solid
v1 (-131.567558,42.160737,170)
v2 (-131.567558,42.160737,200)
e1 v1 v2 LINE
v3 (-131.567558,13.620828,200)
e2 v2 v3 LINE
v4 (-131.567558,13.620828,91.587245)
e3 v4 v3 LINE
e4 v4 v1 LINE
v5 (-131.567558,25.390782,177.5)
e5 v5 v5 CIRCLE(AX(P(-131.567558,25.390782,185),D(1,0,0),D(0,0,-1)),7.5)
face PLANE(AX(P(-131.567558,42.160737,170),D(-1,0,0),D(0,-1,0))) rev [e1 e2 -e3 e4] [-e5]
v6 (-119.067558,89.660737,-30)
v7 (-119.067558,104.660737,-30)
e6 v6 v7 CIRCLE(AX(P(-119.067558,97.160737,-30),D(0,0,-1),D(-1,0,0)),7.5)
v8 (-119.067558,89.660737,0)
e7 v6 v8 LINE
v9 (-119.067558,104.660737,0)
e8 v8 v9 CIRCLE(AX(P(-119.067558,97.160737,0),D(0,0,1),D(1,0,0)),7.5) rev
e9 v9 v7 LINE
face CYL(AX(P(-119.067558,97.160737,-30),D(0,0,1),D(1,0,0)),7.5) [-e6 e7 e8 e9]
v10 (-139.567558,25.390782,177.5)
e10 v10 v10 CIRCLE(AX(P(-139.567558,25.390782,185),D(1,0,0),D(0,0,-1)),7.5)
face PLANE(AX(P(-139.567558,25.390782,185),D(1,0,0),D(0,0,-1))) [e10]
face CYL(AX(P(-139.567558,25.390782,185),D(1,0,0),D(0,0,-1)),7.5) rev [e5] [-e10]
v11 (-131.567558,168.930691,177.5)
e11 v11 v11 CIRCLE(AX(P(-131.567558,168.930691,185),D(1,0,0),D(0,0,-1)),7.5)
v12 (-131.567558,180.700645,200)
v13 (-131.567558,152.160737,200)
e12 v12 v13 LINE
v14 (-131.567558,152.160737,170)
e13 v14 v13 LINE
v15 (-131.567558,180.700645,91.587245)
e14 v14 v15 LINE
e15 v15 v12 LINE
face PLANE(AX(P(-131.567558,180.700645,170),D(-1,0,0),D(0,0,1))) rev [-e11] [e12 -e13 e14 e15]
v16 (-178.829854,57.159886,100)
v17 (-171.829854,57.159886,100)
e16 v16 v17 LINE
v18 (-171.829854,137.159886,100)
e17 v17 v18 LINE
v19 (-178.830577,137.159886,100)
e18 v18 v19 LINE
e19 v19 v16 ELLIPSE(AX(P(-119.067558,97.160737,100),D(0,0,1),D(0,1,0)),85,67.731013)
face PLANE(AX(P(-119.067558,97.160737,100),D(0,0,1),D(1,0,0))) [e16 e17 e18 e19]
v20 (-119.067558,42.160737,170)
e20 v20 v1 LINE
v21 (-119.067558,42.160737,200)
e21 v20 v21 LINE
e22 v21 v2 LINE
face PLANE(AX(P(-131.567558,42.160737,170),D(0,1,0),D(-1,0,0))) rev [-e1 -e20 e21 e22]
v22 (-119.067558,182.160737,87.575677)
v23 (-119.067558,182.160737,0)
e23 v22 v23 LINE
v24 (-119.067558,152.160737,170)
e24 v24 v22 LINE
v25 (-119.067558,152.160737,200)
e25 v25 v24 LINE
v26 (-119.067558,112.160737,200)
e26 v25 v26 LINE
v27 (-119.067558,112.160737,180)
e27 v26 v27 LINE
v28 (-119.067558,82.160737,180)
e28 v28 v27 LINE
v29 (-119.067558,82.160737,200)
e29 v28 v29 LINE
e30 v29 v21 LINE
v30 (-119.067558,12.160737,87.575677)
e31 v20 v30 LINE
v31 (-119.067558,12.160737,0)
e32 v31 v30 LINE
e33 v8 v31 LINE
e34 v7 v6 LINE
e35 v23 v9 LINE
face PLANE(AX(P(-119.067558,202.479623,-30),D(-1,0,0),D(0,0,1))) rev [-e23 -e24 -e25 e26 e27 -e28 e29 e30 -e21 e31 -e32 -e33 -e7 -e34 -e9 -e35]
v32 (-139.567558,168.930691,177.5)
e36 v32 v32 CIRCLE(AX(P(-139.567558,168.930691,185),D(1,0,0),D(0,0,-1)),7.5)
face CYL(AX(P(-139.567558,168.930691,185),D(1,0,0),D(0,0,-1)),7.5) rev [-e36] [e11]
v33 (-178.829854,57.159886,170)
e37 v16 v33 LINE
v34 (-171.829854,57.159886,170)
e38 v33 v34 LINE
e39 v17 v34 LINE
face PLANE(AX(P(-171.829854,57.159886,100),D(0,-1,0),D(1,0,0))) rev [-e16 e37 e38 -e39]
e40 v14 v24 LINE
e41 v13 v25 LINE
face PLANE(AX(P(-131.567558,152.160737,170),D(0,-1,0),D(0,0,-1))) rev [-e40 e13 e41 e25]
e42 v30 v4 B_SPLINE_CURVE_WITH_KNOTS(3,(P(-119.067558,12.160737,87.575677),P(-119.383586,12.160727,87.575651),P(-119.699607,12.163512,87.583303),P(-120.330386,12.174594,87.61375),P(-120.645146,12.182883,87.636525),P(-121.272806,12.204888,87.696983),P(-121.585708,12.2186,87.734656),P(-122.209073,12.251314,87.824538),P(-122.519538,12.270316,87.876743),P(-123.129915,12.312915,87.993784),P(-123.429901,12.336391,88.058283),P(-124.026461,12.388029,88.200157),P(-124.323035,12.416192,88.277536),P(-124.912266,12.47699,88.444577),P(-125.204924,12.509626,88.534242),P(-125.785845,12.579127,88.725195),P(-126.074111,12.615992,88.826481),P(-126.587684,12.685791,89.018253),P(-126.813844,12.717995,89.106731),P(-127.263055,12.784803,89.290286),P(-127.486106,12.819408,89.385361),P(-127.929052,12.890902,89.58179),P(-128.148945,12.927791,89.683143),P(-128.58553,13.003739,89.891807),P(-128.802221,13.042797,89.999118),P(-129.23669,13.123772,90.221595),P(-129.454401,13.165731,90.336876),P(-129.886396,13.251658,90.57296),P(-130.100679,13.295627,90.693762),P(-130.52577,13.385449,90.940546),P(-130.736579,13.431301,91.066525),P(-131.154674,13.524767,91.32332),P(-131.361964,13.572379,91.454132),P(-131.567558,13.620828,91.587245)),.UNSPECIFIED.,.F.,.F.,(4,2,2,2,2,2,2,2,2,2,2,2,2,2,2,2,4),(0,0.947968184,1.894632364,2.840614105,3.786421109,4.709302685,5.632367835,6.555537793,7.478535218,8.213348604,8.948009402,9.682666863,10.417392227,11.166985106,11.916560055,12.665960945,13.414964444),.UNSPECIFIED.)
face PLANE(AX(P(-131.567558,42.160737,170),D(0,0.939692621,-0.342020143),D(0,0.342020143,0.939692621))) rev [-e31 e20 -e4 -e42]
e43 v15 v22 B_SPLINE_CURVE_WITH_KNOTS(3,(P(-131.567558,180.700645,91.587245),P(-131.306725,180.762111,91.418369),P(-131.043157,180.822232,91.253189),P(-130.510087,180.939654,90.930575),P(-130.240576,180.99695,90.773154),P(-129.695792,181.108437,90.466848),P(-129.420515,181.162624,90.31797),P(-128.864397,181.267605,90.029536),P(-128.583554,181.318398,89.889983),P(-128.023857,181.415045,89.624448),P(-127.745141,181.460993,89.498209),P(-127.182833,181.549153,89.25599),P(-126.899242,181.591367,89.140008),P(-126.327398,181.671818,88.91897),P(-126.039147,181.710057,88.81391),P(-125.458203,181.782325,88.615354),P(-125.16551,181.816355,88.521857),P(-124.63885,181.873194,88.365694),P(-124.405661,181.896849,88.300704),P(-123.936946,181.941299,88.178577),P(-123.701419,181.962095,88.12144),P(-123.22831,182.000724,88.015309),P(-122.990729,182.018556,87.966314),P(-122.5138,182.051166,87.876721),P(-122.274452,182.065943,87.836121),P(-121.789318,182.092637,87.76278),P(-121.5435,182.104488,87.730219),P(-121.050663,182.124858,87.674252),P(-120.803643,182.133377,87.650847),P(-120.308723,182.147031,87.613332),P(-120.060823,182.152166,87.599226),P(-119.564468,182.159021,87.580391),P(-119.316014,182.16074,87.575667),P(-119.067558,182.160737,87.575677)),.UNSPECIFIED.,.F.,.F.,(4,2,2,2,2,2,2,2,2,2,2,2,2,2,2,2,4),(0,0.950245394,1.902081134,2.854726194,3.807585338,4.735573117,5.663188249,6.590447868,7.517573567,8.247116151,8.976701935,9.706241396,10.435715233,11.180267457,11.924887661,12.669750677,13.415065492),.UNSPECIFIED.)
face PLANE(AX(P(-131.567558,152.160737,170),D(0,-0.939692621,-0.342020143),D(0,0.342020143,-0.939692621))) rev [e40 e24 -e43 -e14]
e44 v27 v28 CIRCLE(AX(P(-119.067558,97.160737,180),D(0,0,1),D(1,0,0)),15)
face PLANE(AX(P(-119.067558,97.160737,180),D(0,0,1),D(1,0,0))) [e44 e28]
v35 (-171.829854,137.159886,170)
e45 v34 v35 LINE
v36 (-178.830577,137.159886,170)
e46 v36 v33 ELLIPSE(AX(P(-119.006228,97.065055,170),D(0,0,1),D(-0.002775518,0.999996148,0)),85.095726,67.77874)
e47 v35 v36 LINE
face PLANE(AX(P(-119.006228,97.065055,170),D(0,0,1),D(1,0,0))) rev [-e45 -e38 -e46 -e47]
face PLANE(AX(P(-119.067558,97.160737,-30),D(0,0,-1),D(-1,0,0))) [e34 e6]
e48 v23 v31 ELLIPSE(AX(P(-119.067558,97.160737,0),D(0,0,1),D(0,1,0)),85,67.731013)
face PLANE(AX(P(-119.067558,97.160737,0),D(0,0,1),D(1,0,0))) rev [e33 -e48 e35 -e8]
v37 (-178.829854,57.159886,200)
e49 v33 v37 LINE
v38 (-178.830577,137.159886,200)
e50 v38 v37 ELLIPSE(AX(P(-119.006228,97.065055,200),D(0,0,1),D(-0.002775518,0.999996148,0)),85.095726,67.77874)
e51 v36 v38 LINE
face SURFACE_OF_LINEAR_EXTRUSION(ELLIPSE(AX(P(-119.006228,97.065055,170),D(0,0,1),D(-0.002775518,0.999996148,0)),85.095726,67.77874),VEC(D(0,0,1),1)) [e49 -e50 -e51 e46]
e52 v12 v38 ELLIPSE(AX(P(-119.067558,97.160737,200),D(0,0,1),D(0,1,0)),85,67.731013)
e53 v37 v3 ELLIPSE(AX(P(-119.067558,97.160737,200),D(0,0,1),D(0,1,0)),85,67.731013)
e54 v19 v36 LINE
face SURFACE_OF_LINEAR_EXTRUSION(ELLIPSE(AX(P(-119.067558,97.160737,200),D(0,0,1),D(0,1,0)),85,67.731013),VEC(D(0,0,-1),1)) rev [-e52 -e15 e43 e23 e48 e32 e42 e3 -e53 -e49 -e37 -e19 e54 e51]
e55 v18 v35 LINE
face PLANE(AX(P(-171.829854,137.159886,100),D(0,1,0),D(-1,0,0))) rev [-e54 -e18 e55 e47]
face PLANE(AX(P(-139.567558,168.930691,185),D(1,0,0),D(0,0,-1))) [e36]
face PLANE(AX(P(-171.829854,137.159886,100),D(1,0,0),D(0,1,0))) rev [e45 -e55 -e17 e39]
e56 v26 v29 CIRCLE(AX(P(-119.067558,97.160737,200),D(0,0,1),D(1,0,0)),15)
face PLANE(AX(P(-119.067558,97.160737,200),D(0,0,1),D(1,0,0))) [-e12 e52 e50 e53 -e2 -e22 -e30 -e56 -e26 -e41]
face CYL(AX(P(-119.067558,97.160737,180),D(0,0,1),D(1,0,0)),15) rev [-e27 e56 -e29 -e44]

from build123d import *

# Parameters (mm, degrees)
CROQUIS1_RX             = 85
CROQUIS1_RY             = 67.73101263
SALIENTE_EXTRUIR1_DEPTH = 200
CORTAR_EXTRUIR1_DEPTH   = 100
SALIENTE_EXTRUIR2_DEPTH = 30
CROQUIS5_R              = 7.5
SALIENTE_EXTRUIR3_DEPTH = 30
CORTAR_EXTRUIR3_DEPTH   = 30
CROQUIS8_W              = 83.299216536
CROQUIS8_H              = 210.979163193
CORTAR_EXTRUIR4_DEPTH   = 348.816388214
CROQUIS9_R              = 15
CORTAR_EXTRUIR5_DEPTH   = 20
CROQUIS10_R             = 7.5
CORTAR_EXTRUIR6_DEPTH   = 8
CORTAR_EXTRUIR7_DEPTH   = 12.5


with BuildPart() as part:
    # Croquis1 → Saliente-Extruir1 (new body)
    with BuildSketch(Plane.XY):
        with Locations(Location((-119.067557665, 97.160736636), (0, 0, 90))):
            Ellipse(CROQUIS1_RX, CROQUIS1_RY)
    extrude(amount=SALIENTE_EXTRUIR1_DEPTH)

    # Croquis3 → Cortar-Extruir1 (cut)
    with BuildSketch(Plane.XY.offset(200)):
        with BuildLine():
            Line((-171.829854236, 137.159885706), (-171.829854236, 57.159885706))
            Line((-171.829854236, 57.159885706), (-178.829854236, 57.159885706))
            add(Edge.make_bspline(
                [(-178.830577491, 137.159885706), (-195.829371976, 97.159643663), (-178.829854236, 57.159885706)],
                knots=[1.080850346, 1.080850346, 1.080850346, 2.060764999, 2.060764999, 2.060764999], degree=2, weights=[1, 0.882352941, 1]))
            Line((-178.830577491, 137.159885706), (-171.829854236, 137.159885706))
        make_face()
    extrude(amount=-CORTAR_EXTRUIR1_DEPTH, mode=Mode.SUBTRACT)

    # Croquis4 → Saliente-Extruir2 (add)
    with BuildSketch(Plane.XY.offset(200)):
        with BuildLine():
            Line((-178.830577491, 137.159885706), (-171.829854236, 137.159885706))
            Line((-171.829854236, 137.159885706), (-171.829854236, 57.159885706))
            Line((-171.829854236, 57.159885706), (-178.829854236, 57.159885706))
            add(Edge.make_bspline(
                [(-178.830577491, 137.159885706), (-195.797797403, 97.186782087), (-178.829854236, 57.159885706)],
                knots=[4.219557052, 4.219557052, 4.219557052, 5.198274326, 5.198274326, 5.198274326], degree=2, weights=[1, 0.882634519, 1]))
        make_face()
    extrude(amount=-SALIENTE_EXTRUIR2_DEPTH)

    # Croquis5 → Saliente-Extruir3 (add)
    with BuildSketch(Plane(origin=(0, 0, 0), x_dir=(-1, 0, 0), z_dir=(0, 0, -1))):
        with Locations(Location((119.067557665, 97.160736636, 0), (0, 0, 180))):
            Circle(CROQUIS5_R)
    extrude(amount=SALIENTE_EXTRUIR3_DEPTH)

    # Croquis7 → Cortar-Extruir3 (cut)
    with BuildSketch(Plane.XY.offset(200)):
        with BuildLine():
            Line((-131.567557665, 42.160736636), (-106.567557665, 42.160736636))
            Line((-106.567557665, 42.160736636), (-106.567557665, 13.620827843))
            add(Edge.make_bspline(
                [(-131.567557665, 13.620827843), (-119.067557665, 10.675126293), (-106.567557665, 13.620827843)],
                knots=[6.0975677, 6.0975677, 6.0975677, 6.468802915, 6.468802915, 6.468802915], degree=2, weights=[1, 0.982822456, 1]))
            Line((-131.567557665, 13.620827843), (-131.567557665, 42.160736636))
        make_face()
        with BuildLine():
            Line((-131.567557665, 180.700645429), (-131.567557665, 152.160736636))
            Line((-131.567557665, 152.160736636), (-106.567557665, 152.160736636))
            Line((-106.567557665, 152.160736636), (-106.567557665, 180.700645429))
            add(Edge.make_bspline(
                [(-106.567557665, 180.700645429), (-119.067557665, 183.64634698), (-131.567557665, 180.700645429)],
                knots=[2.955975046, 2.955975046, 2.955975046, 3.327210261, 3.327210261, 3.327210261], degree=2, weights=[1, 0.982822456, 1]))
        make_face()
    extrude(amount=-CORTAR_EXTRUIR3_DEPTH, mode=Mode.SUBTRACT)

    # Croquis8 → Cortar-Extruir4 (cut, through all)
    with BuildSketch(Plane.XY.offset(200)):
        with Locations((-77.417949397, 96.990041521)):
            Rectangle(CROQUIS8_W, CROQUIS8_H)
    extrude(amount=-CORTAR_EXTRUIR4_DEPTH, mode=Mode.SUBTRACT)

    # Croquis9 → Cortar-Extruir5 (cut)
    with BuildSketch(Plane.XY.offset(200)):
        with Locations((-119.067557665, 97.160736636)):
            Circle(CROQUIS9_R)
    extrude(amount=-CORTAR_EXTRUIR5_DEPTH, mode=Mode.SUBTRACT)

    # Croquis10 → Cortar-Extruir6 (cut)
    with BuildSketch(Plane(origin=(-131.567557665, 0, 0), x_dir=(0, 0, -1), z_dir=(1, 0, 0))):
        with Locations((-185, 168.930691033)):
            Circle(CROQUIS10_R)
        with Locations((-185, 25.39078224)):
            Circle(CROQUIS10_R)
    extrude(amount=-CORTAR_EXTRUIR6_DEPTH, mode=Mode.SUBTRACT)

    # Croquis11 → Cortar-Extruir7 (cut)
    with BuildSketch(Plane(origin=(-119.067557665, 0, 0), x_dir=(0, 0, -1), z_dir=(1, 0, 0))):
        Polygon((-170, 42.160736636), (-57.236885506, 1.118319437), (-170, -2.441940529), align=None)
        Polygon((-170, 152.160736636), (-58.81920935, 192.627235055), (-170, 211.002181537), align=None)
    extrude(amount=-CORTAR_EXTRUIR7_DEPTH, mode=Mode.SUBTRACT)


solid = part.part
